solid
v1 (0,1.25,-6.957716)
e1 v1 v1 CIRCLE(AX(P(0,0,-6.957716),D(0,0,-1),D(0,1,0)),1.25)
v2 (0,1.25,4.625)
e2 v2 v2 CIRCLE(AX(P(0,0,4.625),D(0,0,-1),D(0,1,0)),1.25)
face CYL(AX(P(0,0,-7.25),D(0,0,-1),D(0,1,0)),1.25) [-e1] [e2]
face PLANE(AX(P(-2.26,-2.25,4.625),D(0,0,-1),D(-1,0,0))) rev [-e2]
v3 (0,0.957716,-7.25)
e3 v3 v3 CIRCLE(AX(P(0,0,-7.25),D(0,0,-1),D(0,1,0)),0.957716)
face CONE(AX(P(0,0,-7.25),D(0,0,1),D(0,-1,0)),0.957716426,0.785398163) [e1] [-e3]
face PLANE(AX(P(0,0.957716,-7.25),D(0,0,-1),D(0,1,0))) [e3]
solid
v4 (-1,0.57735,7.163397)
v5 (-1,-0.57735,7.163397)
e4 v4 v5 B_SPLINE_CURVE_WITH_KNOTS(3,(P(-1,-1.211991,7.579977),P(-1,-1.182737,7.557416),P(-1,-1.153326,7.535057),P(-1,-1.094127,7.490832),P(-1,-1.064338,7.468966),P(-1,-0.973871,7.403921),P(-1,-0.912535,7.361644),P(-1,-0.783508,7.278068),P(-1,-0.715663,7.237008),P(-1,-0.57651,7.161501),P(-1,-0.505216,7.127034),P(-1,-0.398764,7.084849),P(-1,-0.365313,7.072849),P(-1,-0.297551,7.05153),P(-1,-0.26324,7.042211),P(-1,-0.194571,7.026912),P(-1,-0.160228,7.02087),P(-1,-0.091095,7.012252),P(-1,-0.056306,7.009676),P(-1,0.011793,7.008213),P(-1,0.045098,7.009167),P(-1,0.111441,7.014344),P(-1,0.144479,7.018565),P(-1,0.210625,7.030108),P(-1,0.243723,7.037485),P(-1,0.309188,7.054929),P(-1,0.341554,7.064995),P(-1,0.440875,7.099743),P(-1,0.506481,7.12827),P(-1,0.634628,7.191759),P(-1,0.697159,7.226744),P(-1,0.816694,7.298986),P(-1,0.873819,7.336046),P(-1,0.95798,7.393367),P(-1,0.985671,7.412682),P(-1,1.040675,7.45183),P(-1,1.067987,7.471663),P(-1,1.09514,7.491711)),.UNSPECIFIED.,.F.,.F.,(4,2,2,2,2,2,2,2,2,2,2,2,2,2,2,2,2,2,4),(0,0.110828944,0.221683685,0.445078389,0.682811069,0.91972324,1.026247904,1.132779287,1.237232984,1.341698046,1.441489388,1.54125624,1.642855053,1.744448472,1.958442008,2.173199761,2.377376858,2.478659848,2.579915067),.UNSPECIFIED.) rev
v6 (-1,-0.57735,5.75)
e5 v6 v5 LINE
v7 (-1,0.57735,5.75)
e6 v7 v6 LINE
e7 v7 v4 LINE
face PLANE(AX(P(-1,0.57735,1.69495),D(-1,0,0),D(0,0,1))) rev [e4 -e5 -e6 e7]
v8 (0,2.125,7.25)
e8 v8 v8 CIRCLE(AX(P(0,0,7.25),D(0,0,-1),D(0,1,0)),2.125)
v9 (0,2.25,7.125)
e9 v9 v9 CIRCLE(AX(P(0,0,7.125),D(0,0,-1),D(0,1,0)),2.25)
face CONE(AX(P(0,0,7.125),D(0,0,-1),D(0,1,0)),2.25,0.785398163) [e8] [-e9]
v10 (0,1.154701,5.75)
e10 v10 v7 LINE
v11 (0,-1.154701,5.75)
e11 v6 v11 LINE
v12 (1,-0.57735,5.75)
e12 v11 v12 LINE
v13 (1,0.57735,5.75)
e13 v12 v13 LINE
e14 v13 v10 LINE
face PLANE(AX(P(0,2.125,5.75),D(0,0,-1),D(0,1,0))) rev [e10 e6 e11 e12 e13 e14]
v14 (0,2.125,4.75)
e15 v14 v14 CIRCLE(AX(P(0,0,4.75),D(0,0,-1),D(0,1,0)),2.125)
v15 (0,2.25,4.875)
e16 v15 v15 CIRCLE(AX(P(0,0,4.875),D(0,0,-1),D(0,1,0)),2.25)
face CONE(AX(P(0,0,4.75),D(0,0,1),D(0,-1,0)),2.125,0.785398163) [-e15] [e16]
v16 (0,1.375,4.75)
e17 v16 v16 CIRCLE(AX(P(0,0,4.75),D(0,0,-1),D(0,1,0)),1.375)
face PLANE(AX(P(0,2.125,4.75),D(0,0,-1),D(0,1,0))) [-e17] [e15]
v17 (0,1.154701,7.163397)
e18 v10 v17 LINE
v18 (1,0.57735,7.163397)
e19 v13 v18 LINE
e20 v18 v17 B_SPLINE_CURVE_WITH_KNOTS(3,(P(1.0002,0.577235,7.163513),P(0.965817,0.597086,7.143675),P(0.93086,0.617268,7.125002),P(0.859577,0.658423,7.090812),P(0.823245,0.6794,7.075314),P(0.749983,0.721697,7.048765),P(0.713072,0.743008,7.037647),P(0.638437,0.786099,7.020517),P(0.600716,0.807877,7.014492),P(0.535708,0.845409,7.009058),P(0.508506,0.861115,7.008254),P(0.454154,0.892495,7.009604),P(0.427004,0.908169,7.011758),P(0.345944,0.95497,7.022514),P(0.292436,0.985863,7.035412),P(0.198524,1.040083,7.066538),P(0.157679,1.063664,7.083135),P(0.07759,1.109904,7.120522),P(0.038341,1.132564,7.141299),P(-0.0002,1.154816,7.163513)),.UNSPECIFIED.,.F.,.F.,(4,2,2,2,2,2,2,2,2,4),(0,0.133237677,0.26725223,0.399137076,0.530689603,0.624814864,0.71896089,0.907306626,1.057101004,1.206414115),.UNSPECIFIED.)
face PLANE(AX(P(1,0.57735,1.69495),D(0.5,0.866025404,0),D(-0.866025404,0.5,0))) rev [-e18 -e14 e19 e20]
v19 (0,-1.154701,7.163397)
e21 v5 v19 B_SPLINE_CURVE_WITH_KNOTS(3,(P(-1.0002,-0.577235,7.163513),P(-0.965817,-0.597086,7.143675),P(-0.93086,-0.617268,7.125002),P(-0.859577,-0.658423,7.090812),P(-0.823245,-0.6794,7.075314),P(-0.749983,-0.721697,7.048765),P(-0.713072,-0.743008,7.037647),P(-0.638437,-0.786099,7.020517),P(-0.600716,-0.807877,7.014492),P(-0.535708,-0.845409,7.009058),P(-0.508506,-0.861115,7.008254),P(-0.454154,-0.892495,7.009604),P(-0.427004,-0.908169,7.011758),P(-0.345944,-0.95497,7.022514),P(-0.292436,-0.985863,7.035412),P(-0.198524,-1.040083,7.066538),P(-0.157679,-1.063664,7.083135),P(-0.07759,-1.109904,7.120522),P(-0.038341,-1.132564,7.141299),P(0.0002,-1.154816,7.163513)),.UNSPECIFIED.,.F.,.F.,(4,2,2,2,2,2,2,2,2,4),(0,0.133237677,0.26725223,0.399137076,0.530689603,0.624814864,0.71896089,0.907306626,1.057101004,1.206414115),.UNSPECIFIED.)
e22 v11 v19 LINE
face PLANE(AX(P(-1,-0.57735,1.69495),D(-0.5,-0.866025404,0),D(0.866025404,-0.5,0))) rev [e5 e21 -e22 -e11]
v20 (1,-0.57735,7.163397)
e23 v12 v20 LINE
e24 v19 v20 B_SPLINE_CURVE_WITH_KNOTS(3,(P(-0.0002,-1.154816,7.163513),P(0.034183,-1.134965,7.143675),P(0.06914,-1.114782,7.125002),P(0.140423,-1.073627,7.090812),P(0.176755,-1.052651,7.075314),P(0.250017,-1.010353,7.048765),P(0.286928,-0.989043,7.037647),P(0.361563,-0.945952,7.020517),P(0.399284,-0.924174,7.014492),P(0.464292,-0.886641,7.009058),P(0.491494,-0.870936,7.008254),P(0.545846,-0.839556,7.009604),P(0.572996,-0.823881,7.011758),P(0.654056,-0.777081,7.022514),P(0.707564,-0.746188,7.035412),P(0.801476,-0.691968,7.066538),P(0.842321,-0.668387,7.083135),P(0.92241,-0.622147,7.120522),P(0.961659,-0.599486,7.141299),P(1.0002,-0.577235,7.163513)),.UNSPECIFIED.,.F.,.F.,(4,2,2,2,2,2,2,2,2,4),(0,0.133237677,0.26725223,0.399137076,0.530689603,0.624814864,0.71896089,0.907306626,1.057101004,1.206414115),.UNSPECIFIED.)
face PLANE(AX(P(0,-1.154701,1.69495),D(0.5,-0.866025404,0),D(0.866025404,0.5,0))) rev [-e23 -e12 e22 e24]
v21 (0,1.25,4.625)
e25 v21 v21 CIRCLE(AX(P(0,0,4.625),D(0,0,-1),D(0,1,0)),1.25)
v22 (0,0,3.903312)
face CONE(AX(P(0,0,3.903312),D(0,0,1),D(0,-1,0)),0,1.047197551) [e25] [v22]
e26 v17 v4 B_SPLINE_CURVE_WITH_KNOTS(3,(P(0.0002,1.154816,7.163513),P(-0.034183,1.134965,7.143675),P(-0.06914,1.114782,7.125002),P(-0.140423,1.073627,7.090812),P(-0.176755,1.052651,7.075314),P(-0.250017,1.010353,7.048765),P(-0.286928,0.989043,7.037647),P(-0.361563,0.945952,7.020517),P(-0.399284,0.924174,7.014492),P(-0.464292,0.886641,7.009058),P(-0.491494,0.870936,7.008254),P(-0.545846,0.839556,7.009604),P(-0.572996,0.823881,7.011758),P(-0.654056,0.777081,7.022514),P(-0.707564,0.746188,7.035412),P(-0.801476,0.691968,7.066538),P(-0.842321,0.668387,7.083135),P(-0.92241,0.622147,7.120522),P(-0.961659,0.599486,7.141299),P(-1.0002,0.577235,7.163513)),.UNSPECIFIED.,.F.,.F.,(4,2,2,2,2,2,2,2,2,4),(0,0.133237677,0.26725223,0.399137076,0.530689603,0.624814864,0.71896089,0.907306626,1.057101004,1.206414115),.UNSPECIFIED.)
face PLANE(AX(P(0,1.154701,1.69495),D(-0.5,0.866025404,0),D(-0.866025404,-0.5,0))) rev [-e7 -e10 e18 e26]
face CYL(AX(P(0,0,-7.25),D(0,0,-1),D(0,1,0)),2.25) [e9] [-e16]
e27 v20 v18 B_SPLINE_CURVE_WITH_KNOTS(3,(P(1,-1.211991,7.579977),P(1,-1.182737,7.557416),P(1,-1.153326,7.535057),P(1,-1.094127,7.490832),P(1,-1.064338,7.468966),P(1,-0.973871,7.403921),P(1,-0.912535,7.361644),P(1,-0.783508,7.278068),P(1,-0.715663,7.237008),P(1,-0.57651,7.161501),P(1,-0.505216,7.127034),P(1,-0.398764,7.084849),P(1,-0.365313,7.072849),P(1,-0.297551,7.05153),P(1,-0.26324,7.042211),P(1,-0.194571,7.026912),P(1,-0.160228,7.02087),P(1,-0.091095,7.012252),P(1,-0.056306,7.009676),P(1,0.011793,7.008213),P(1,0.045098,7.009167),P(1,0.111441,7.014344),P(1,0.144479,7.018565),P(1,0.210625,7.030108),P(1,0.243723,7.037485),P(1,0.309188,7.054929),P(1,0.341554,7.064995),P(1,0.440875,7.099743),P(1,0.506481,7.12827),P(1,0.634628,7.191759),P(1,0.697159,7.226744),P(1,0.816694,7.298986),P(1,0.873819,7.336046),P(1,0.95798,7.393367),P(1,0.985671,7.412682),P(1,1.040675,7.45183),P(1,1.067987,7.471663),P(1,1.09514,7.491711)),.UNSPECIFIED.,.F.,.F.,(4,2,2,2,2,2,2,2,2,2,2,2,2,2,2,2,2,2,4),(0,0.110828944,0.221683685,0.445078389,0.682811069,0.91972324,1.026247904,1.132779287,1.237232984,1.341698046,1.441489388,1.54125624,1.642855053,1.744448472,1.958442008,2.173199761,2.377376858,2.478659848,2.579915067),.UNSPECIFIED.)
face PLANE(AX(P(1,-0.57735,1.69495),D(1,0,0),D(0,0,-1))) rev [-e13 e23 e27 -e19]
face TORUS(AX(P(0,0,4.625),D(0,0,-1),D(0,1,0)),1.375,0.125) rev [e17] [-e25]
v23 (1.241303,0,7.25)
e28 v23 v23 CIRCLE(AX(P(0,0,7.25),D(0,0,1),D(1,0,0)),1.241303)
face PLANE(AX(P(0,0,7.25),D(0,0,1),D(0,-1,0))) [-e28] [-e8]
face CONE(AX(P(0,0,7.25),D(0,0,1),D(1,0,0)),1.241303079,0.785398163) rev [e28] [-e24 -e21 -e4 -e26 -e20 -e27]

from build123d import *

# Parameters (mm, degrees)
CUT_EXTRUDE1_DEPTH     = 1.5
SPLIT1_SURFACE_1_BACK  = 16.835
SPLIT1_SURFACE_1_DEPTH = 33.67
SPLIT1_SURFACE_2_BACK  = 16.835
SPLIT1_SURFACE_2_DEPTH = 33.67


with BuildPart() as part:
    # Sketch2 → Revolve1 (revolve)
    with BuildSketch(Plane(origin=(0, 0, 0), x_dir=(0, 0, -1), z_dir=(1, 0, 0))):
        with BuildLine():
            Line((-7.25, 0), (-7.25, 2.125))
            Line((-7.25, 2.125), (-7.125, 2.25))
            Line((-7.125, 2.25), (-4.875, 2.25))
            Line((-4.875, 2.25), (-4.75, 2.125))
            Line((-4.75, 2.125), (-4.75, 1.375))
            ThreePointArc((-4.75, 1.375), (-4.713388348, 1.286611652), (-4.625, 1.25))
            Line((-4.625, 1.25), (6.957716426, 1.25))
            Line((6.957716426, 1.25), (7.25, 0.957716426))
            Line((7.25, 0.957716426), (7.25, 0))
            Line((7.25, 0), (-7.25, 0))
        make_face()
    revolve(axis=Axis((0, 0, -7.25), (0, 0, 1)))

    # Sketch3 → Cut-Extrude1 (cut)
    with BuildSketch(Plane.XY.offset(7.25)):
        Polygon((1, -0.577350269), (1, 0.577350269), (0, 1.154700538), (-1, 0.577350269), (-1, -0.577350269), (0, -1.154700538), align=None)
    extrude(amount=-CUT_EXTRUDE1_DEPTH, mode=Mode.SUBTRACT)

    # Cut-Extrude2 cone 1 section (through the dimple's axis) → Cut-Extrude2 (revolve, cut)
    with BuildSketch(Plane(origin=(0, 0, 7.25), x_dir=(0, -1, 0), z_dir=(1, 0, 0))):
        Polygon((0, 0), (1.241303079, 0), (0, 1.241303079), align=None)
    revolve(axis=Axis((0, 0, 7.25), (0, 0, -1)), mode=Mode.SUBTRACT)


with BuildPart() as body_2:
    # Split1: the piece behind the surface
    add(part.part)
    # Split1 surface: a surface, the sketch's curves swept straight by 33.67 mm
    with BuildLine(Plane(origin=(0, 0, 0), x_dir=(0, 0, -1), z_dir=(1, 0, 0)).offset(-SPLIT1_SURFACE_1_BACK), mode=Mode.PRIVATE) as split1_surface_1_path:
        Line((-4.625, -2.25), (-4.625, 2.25))
    split1_surface_1 = Shell.extrude(split1_surface_1_path.wire(), (1 * SPLIT1_SURFACE_1_DEPTH, 0 * SPLIT1_SURFACE_1_DEPTH, 0 * SPLIT1_SURFACE_1_DEPTH))
    split(bisect_by=split1_surface_1, keep=Keep.BOTTOM)


with BuildPart() as part_1:
    add(part.part)

    # Split1: split by a surface, the side it looks to stays
    # Split1 surface: a surface, the sketch's curves swept straight by 33.67 mm
    with BuildLine(Plane(origin=(0, 0, 0), x_dir=(0, 0, -1), z_dir=(1, 0, 0)).offset(-SPLIT1_SURFACE_2_BACK), mode=Mode.PRIVATE) as split1_surface_2_path:
        Line((-4.625, -2.25), (-4.625, 2.25))
    split1_surface_2 = Shell.extrude(split1_surface_2_path.wire(), (1 * SPLIT1_SURFACE_2_DEPTH, 0 * SPLIT1_SURFACE_2_DEPTH, 0 * SPLIT1_SURFACE_2_DEPTH))
    split(bisect_by=split1_surface_2, keep=Keep.TOP)

    # Sketch8 → Revolve2 (revolve)
    with BuildSketch(Plane(origin=(0, 0, 0), x_dir=(0, 0, -1), z_dir=(1, 0, 0)), mode=Mode.PRIVATE) as revolve2_sk:
        Polygon((-4.75, 0), (-4.75, 1.25), (-4.625, 1.25), (-3.903312164, 0), align=None)
    revolve(revolve2_sk.sketch.rotate(Axis((0, 0, 3.903312164), (0, 0, 1)), 270), axis=Axis((0, 0, 3.903312164), (0, 0, 1)))


solid = Compound([body_2.part, part_1.part])
